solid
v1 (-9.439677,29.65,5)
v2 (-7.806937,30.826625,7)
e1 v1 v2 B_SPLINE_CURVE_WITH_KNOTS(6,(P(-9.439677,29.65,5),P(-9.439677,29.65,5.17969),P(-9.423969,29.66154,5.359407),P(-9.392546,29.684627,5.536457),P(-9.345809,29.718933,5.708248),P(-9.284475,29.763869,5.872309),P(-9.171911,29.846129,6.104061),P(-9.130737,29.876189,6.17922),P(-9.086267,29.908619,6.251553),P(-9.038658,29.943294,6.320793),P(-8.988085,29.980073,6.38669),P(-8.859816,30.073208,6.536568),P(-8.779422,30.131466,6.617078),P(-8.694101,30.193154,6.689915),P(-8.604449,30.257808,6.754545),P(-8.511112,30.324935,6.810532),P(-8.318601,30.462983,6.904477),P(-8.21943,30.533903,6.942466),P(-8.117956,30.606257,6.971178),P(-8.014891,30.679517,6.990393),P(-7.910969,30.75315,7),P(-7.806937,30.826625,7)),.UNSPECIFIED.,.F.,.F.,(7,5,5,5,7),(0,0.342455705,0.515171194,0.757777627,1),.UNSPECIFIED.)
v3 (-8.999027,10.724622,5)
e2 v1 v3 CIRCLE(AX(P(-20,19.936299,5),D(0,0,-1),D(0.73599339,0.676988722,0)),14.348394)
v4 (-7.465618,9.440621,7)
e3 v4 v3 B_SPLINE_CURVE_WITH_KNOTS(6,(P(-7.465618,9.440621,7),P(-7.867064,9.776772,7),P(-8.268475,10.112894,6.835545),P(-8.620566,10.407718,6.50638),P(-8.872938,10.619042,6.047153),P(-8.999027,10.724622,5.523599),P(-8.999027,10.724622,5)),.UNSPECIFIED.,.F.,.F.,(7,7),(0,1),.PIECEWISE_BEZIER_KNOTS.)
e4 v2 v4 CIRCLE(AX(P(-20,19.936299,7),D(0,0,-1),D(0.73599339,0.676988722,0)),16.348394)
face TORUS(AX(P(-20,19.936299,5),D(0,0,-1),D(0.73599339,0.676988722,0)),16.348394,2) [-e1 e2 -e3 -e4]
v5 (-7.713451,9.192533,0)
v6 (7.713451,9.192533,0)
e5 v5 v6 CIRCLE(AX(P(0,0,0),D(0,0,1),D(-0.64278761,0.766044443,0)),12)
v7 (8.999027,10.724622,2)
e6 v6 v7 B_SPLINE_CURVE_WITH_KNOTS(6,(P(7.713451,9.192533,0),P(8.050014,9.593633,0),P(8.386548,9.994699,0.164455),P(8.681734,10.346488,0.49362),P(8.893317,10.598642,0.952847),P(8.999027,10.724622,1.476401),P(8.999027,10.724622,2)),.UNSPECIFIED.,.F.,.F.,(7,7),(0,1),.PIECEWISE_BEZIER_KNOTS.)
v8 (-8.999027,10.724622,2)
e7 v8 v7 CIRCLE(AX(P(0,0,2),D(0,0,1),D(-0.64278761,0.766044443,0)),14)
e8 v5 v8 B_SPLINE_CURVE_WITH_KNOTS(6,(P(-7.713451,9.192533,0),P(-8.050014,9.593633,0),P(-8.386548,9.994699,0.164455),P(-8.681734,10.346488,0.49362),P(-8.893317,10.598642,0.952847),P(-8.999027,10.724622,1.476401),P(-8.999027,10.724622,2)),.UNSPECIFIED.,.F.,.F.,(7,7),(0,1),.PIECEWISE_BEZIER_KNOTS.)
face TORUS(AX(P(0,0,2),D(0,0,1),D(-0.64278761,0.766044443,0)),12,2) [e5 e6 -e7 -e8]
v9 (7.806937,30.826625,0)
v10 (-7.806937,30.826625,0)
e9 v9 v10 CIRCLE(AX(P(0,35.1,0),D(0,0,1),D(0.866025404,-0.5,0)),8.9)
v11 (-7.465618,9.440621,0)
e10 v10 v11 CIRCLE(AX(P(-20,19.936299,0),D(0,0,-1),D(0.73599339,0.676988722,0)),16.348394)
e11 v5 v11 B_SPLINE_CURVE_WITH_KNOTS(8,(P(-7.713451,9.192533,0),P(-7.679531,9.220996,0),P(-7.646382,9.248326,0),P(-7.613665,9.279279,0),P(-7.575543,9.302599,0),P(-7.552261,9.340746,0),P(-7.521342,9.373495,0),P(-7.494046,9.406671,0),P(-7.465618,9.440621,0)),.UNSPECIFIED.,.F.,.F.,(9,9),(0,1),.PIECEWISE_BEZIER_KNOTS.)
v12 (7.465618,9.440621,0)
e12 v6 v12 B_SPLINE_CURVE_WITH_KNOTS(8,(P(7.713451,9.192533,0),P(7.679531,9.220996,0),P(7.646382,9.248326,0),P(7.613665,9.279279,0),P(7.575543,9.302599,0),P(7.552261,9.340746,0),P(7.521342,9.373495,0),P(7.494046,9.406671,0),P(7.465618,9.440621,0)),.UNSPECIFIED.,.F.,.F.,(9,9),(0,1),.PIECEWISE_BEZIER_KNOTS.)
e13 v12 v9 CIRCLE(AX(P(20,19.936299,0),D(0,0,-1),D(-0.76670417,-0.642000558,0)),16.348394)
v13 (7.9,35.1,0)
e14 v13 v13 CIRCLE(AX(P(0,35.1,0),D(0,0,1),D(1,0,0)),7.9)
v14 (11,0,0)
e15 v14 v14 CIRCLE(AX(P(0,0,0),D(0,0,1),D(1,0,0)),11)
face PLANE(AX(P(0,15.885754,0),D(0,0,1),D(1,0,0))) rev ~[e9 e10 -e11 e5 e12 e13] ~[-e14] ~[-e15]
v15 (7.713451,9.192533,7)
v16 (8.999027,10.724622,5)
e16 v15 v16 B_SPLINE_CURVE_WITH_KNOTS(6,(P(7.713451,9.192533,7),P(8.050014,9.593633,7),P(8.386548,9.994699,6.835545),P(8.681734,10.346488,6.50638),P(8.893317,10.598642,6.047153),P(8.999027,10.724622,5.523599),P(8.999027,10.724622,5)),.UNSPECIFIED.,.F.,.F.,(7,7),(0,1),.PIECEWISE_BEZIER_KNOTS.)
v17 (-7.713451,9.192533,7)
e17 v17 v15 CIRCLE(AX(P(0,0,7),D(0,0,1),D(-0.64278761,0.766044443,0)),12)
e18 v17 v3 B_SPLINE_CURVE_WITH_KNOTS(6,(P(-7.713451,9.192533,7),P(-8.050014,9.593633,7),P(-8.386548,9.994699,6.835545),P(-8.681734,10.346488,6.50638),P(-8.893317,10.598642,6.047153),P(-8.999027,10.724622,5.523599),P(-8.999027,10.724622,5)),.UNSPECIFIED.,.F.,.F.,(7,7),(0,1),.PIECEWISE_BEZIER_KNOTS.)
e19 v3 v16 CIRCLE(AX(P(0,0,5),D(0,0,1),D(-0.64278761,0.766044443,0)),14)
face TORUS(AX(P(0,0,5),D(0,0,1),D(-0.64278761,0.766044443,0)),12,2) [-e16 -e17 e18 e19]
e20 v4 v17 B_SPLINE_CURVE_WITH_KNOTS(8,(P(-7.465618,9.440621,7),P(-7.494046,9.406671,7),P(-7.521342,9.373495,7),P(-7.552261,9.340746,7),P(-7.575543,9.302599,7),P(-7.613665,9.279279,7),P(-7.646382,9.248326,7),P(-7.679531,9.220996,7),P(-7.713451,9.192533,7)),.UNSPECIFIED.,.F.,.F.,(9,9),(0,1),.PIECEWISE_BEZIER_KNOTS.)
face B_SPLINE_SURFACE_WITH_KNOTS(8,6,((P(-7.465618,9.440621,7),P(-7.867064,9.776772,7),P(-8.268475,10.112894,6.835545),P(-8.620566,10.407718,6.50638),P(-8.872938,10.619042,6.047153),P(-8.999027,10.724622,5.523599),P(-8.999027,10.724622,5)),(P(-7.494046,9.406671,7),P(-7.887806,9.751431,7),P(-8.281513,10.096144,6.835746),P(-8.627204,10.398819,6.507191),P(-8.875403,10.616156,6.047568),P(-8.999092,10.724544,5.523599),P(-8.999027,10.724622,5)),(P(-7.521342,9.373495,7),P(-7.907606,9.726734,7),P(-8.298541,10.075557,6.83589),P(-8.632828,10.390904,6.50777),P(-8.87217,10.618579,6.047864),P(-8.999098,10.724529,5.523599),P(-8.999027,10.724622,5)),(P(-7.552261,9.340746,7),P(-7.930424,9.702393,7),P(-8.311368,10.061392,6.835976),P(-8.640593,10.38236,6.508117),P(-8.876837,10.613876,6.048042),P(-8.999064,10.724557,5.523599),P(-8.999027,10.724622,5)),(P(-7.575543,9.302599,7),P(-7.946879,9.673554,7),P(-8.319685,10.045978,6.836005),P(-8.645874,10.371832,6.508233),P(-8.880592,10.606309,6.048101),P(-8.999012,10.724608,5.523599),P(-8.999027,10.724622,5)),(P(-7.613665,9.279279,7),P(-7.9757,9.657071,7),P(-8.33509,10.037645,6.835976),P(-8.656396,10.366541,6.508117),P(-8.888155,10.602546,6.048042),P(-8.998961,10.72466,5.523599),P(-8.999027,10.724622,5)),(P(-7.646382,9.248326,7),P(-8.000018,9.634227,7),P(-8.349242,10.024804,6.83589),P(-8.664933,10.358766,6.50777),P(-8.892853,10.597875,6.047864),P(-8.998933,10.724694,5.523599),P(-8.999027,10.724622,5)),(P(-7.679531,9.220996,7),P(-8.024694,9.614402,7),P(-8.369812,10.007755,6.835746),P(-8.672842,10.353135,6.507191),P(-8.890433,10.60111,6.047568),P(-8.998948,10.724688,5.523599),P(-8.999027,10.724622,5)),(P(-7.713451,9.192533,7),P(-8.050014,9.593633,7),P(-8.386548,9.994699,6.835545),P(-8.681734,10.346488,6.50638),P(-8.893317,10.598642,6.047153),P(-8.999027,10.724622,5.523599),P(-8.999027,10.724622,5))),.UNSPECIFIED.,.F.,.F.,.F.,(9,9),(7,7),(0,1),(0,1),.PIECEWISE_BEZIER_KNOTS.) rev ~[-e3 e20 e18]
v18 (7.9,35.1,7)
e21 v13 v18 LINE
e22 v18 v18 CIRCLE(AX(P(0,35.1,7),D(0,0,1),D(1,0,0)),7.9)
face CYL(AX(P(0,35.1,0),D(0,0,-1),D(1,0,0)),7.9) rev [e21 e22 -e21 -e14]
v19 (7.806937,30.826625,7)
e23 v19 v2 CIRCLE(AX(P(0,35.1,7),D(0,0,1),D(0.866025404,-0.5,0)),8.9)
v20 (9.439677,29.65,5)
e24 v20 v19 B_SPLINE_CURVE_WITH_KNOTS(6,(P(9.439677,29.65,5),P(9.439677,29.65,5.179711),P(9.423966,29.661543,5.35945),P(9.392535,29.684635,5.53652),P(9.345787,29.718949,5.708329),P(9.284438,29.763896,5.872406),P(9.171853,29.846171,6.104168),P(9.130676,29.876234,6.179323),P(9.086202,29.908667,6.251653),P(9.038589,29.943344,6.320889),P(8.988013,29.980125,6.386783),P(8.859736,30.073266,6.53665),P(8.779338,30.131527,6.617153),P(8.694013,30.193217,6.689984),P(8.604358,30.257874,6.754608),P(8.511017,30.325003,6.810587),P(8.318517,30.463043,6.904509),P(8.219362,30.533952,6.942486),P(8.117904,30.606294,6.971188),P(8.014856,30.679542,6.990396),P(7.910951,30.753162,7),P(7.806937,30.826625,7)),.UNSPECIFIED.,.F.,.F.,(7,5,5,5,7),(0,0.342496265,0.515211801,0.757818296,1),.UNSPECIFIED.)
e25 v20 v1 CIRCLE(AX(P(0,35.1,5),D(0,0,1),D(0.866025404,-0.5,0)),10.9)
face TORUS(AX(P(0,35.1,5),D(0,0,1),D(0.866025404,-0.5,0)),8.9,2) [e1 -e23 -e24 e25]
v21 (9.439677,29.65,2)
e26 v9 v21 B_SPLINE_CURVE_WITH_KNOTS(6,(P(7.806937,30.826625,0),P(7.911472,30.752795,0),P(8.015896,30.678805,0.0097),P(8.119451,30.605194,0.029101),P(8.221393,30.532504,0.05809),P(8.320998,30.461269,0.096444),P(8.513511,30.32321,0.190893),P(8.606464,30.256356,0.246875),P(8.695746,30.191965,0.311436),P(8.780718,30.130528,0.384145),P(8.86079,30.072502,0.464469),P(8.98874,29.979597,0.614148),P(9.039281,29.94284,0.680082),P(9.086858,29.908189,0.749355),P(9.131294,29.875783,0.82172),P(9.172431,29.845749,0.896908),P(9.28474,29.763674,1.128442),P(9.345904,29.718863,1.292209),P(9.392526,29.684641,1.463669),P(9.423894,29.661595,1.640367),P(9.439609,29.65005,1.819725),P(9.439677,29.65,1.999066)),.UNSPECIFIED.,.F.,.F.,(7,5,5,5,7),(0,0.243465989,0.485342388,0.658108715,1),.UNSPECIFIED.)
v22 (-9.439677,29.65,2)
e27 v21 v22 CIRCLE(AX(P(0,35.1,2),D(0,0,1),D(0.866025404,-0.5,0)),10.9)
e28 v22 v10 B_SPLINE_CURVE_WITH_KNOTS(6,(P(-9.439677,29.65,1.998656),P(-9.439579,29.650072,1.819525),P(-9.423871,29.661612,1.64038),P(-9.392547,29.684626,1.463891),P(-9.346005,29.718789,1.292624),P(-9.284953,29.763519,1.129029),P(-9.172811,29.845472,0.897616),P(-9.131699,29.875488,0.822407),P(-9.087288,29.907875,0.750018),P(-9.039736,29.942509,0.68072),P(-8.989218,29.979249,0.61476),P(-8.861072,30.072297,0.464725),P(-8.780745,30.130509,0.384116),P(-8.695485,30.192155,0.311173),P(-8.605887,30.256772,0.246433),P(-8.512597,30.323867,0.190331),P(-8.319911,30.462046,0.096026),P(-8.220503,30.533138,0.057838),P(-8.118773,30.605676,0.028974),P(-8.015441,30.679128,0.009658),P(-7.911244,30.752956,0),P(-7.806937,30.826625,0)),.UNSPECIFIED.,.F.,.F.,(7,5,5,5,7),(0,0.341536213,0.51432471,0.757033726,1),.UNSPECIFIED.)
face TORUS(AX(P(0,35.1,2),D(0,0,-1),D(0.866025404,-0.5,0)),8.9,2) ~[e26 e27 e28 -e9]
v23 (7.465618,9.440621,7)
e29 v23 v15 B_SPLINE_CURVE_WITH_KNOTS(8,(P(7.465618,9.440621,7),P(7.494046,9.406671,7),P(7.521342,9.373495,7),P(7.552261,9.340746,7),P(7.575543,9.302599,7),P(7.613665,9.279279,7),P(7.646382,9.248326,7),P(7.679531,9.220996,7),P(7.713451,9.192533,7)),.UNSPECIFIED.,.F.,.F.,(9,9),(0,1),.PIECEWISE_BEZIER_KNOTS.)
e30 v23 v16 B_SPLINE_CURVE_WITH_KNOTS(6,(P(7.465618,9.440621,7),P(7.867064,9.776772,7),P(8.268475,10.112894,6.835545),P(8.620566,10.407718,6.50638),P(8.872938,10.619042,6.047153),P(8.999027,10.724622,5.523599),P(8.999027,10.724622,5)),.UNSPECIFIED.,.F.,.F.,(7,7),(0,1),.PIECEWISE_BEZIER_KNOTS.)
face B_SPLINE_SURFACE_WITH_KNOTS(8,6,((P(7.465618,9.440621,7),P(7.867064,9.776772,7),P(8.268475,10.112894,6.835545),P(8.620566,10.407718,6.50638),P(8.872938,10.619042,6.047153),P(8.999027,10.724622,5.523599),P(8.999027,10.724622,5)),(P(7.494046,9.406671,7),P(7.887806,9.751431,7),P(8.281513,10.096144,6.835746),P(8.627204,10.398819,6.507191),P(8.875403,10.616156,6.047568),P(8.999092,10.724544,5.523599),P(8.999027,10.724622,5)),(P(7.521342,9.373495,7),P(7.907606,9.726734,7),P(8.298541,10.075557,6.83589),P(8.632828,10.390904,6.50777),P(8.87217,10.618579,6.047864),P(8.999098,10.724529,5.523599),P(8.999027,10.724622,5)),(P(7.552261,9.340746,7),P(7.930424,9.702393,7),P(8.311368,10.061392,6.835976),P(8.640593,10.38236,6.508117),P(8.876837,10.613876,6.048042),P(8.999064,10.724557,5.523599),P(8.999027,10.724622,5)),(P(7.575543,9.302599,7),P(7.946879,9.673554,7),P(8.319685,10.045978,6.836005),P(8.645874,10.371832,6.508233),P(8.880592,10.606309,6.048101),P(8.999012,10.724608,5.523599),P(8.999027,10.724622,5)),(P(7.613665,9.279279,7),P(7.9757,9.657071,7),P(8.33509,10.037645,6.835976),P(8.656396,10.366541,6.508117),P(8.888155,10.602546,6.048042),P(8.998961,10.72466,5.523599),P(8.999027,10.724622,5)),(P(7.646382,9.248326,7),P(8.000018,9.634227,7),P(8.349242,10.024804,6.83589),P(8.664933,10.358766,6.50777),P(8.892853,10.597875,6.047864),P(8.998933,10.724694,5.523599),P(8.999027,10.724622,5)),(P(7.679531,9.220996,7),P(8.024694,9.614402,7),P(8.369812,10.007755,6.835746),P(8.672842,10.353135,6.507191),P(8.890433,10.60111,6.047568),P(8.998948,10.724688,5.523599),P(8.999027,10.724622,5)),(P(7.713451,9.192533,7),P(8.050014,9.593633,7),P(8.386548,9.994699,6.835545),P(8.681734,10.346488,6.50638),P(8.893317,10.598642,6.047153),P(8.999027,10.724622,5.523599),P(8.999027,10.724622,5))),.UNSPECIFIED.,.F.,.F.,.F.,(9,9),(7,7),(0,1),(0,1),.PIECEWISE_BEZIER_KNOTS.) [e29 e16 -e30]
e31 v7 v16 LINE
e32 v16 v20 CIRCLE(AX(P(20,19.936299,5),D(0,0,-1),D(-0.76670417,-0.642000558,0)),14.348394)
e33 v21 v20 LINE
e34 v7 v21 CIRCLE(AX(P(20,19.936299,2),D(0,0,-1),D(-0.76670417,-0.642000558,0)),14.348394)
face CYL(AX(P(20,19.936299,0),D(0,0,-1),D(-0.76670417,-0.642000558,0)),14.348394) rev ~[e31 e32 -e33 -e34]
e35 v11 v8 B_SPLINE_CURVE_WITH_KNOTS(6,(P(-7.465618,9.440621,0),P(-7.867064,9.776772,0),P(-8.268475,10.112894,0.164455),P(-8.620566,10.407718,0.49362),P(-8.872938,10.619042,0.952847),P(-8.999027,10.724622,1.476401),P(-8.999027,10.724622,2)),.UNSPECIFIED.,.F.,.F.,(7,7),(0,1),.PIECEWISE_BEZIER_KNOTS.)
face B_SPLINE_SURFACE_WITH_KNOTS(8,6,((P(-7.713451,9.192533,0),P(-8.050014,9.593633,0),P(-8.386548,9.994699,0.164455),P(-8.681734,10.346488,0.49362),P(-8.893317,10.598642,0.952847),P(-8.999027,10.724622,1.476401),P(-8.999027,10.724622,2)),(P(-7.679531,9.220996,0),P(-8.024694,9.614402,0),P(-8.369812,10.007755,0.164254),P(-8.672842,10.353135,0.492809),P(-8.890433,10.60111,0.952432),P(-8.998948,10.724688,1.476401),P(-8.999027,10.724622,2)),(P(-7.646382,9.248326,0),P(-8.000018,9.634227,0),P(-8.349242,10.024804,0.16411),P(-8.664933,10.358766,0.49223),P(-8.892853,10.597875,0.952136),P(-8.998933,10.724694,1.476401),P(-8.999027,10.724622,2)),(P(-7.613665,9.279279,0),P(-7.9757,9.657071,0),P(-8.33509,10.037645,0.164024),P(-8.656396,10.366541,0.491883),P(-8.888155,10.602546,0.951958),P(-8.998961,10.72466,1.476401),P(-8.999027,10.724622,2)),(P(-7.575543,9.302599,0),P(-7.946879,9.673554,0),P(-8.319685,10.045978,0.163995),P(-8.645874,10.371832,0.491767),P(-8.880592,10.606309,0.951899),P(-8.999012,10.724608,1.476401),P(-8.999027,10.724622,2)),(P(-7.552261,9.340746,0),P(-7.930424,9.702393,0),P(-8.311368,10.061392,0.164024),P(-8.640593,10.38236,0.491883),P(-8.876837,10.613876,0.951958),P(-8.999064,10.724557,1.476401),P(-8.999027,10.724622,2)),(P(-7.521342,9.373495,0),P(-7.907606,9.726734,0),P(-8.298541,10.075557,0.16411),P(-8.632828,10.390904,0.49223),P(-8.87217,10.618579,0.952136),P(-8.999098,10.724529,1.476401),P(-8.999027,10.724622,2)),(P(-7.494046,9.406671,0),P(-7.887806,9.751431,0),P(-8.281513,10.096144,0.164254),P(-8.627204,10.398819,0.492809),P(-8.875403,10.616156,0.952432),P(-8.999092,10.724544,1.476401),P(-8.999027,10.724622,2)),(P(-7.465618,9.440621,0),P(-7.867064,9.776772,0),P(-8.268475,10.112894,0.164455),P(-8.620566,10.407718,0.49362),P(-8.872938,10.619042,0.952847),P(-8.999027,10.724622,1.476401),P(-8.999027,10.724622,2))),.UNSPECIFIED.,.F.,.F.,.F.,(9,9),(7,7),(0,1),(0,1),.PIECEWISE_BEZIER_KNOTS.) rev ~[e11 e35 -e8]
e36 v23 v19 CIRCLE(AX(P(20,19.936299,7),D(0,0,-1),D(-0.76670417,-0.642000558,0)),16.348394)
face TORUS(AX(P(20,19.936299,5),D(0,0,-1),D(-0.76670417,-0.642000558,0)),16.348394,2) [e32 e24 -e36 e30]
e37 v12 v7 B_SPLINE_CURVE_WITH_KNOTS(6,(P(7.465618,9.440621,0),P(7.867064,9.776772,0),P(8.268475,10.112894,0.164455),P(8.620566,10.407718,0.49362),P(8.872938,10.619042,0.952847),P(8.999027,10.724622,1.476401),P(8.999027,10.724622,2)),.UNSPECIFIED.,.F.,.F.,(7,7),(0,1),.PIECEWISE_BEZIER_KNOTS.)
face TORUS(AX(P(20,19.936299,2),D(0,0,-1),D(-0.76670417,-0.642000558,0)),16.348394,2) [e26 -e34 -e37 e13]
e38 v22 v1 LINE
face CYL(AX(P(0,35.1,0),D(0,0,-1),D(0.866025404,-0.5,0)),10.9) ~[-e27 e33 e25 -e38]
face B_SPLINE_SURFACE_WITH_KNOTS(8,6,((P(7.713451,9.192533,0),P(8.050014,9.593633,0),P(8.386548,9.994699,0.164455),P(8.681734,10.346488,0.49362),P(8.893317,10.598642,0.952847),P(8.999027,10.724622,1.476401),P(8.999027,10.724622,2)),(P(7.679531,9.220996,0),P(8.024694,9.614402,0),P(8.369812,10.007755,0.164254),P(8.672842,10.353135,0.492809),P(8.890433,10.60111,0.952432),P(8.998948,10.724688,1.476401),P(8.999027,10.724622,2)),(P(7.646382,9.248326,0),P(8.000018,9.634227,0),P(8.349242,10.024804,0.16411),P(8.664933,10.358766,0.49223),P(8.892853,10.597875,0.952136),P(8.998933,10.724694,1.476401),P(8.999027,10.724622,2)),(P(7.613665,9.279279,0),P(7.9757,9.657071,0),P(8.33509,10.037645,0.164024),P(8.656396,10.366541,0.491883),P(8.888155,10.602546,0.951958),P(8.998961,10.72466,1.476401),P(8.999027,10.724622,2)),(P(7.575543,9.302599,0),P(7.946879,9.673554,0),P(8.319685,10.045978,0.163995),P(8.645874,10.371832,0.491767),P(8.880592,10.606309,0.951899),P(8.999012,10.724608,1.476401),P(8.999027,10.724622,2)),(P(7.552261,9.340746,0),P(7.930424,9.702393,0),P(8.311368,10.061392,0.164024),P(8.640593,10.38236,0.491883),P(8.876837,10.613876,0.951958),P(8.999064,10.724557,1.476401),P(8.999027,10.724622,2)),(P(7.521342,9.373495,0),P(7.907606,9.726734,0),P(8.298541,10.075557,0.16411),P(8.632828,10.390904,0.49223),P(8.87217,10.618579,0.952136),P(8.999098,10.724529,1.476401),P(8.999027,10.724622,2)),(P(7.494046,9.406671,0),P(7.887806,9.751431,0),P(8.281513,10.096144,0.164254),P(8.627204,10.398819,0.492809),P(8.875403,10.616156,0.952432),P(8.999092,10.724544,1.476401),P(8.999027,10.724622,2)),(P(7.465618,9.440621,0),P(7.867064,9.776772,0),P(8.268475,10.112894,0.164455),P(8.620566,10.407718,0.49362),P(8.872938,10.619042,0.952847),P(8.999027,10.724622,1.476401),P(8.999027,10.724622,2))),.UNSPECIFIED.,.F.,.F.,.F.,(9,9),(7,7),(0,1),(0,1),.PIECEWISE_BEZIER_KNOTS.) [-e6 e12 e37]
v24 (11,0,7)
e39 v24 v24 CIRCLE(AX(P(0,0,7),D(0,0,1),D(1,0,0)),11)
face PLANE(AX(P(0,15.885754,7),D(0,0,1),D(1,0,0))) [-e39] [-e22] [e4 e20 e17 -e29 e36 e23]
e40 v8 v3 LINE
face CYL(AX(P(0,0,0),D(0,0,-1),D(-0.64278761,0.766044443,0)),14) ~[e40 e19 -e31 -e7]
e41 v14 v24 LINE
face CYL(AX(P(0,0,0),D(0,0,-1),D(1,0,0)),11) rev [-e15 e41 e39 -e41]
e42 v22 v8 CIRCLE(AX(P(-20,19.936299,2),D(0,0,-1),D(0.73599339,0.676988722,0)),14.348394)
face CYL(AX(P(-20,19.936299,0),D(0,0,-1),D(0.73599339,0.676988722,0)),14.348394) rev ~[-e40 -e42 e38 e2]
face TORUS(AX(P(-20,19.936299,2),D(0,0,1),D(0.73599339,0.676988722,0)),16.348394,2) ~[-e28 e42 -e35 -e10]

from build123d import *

# Parameters (mm, degrees)
F0_R     = 11
F0_R_2   = 7.9
F1_DEPTH = 7
F2_R     = 2


with BuildPart() as f1:
    # F0 (on Top) → F1 (new body)
    with BuildSketch(Plane.XY):
        with BuildLine():
            ThreePointArc((-9.4396769012, 29.65), (-5.6554937849, 20.2702904388), (-8.9990265356, 10.7246222037))
            ThreePointArc((-8.9990265356, 10.7246222037), (0, -14), (8.9990265356, 10.7246222037))
            ThreePointArc((8.9990265356, 10.7246222037), (5.6554937849, 20.2702904388), (9.4396769012, 29.65))
            ThreePointArc((9.4396769012, 29.65), (0, 46), (-9.4396769012, 29.65))
        make_face()
        Circle(F0_R, mode=Mode.SUBTRACT)
        with Locations((0, 35.1)):
            Circle(F0_R_2, mode=Mode.SUBTRACT)
    extrude(amount=F1_DEPTH)

    # F2 (call 1 of 2: OpenCascade refuses the feature's edges together)
    f2_edges = [f1.edges().sort_by_distance(p)[0] for p in [
        (-5.655494, 20.27029, 7),
        (0, 46, 7),
        (5.655494, 20.27029, 7),
        (0, -14, 7),
    ]]
    fillet(f2_edges, radius=F2_R)

    # F2#2 (call 2 of 2)
    f2_2_edges = [f1.edges().sort_by_distance(p)[0] for p in [
        (0, -14, 0),
        (5.655494, 20.27029, 0),
        (0, 46, 0),
        (-5.655494, 20.27029, 0),
    ]]
    fillet(f2_2_edges, radius=F2_R)


solid = f1.part
